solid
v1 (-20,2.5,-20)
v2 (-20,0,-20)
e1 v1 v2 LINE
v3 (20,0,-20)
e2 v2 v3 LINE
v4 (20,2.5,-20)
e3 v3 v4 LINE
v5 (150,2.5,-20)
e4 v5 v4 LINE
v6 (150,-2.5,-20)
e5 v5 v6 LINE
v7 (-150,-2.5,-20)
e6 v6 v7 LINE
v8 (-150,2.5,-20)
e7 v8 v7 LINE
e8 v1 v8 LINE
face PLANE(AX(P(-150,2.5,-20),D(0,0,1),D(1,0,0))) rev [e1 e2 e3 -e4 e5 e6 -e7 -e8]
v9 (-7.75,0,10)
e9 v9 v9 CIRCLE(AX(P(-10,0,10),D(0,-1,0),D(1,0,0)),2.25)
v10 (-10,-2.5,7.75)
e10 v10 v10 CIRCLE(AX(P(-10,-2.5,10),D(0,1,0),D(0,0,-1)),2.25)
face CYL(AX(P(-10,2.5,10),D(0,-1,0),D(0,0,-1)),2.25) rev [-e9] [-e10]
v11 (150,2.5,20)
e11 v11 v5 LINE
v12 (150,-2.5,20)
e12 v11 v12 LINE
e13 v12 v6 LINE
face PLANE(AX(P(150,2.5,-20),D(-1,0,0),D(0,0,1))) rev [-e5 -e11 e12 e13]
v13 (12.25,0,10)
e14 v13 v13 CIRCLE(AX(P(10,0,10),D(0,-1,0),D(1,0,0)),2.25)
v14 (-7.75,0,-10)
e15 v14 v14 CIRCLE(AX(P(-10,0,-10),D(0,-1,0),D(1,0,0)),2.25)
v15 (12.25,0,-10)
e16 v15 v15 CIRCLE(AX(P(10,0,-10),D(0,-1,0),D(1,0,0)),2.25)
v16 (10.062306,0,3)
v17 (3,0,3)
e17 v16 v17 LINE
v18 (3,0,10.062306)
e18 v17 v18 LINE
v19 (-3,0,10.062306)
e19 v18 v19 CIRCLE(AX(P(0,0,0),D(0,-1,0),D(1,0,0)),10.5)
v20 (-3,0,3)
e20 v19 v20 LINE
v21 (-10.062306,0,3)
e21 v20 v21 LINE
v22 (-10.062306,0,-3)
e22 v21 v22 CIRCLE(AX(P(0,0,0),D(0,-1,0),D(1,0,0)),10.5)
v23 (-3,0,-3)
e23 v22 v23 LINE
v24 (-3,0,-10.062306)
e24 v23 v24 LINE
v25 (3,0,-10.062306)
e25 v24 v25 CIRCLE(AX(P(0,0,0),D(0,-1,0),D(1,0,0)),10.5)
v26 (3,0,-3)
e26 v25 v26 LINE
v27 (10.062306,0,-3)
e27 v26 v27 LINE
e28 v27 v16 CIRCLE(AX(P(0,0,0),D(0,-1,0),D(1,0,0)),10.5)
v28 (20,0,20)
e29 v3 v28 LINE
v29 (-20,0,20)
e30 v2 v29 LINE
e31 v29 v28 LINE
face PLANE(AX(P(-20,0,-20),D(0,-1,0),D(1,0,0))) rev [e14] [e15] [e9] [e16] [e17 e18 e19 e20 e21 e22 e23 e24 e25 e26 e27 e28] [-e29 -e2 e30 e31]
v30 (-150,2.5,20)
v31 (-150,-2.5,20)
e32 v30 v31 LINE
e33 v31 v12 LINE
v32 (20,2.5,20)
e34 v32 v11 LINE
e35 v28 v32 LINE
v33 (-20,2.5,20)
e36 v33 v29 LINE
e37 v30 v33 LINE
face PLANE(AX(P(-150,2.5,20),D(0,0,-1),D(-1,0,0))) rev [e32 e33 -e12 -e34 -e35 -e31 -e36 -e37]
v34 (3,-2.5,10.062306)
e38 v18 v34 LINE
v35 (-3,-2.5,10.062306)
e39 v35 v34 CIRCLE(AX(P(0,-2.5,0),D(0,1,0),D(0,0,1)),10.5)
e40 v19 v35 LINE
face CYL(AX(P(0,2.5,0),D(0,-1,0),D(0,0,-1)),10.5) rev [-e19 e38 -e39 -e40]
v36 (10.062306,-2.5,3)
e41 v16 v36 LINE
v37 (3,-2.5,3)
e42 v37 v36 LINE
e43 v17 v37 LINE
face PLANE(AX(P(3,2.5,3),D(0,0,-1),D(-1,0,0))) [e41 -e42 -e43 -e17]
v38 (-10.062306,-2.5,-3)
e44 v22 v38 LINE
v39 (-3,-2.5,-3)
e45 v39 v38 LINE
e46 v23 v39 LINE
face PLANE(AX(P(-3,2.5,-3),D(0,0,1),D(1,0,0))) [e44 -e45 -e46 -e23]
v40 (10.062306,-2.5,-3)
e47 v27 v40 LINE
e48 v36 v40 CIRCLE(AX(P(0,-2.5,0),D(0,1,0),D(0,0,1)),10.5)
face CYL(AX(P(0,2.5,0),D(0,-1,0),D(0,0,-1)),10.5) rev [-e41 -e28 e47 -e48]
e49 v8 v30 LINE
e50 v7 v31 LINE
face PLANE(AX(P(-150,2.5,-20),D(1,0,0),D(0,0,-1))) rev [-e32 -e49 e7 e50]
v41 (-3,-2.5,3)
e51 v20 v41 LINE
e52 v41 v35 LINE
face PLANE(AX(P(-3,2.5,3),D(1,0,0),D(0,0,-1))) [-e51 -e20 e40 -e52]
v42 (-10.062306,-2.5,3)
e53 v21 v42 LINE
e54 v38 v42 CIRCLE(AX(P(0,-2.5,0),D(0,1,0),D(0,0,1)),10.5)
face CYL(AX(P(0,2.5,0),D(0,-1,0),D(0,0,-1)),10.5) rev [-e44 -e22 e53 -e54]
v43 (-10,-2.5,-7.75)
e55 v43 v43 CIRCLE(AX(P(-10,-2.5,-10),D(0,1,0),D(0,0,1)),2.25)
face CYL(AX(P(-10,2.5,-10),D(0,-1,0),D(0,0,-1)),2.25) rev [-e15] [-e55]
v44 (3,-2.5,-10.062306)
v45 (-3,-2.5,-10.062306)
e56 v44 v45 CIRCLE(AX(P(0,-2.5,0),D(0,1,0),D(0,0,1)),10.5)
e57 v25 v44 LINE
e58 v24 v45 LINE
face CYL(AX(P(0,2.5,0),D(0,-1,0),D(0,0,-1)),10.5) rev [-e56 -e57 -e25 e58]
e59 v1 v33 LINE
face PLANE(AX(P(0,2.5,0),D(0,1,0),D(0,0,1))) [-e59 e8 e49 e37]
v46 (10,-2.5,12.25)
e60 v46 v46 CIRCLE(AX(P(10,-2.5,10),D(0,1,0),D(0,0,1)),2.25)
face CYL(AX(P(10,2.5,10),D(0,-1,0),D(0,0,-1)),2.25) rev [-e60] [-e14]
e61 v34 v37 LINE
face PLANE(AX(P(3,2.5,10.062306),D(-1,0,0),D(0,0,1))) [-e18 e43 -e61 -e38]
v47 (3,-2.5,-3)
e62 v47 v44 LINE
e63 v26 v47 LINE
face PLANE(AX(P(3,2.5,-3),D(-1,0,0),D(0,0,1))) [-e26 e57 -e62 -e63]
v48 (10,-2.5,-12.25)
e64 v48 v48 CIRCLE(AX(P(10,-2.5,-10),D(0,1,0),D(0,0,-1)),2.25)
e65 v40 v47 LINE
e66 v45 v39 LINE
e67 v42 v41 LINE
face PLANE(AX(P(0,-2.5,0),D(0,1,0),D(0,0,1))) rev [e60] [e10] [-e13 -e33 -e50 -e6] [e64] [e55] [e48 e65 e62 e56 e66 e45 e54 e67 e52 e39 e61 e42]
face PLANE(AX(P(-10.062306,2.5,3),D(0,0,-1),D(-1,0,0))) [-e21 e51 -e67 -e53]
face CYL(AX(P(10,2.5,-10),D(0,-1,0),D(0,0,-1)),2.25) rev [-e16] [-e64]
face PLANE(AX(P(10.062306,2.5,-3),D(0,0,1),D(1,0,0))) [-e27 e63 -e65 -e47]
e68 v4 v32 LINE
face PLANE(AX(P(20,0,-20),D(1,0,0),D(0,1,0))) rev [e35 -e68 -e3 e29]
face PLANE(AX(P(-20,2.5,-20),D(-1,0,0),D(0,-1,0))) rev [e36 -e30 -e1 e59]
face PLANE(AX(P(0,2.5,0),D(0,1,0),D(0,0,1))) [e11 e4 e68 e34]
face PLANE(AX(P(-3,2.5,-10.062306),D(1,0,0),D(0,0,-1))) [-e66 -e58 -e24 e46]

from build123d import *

# Parameters (mm, degrees)
SKETCH1_W           = 300
SKETCH1_H           = 40
SKETCH1_R           = 2.25
BOSS_EXTRUDE1_DEPTH = 2.5
SKETCH2_W           = 40
SKETCH2_H           = 2.5
CUT_EXTRUDE1_DEPTH  = 156.261875552


with BuildPart() as part:
    # Sketch1 → Boss-Extrude1 (new, symmetric)
    with BuildSketch(Plane(origin=(0, 0, 0), x_dir=(1, 0, 0), z_dir=(0, 1, 0))):
        Rectangle(SKETCH1_W, SKETCH1_H)
        with Locations(Location((10, -10, 0), (0, 0, 270))):
            Circle(SKETCH1_R, mode=Mode.SUBTRACT)
        with Locations(Location((10, 10, 0), (0, 0, 90))):
            Circle(SKETCH1_R, mode=Mode.SUBTRACT)
        with Locations(Location((-10, -10, 0), (0, 0, 90))):
            Circle(SKETCH1_R, mode=Mode.SUBTRACT)
        with Locations(Location((-10, 10, 0), (0, 0, 270))):
            Circle(SKETCH1_R, mode=Mode.SUBTRACT)
        with BuildLine():
            Line((-3, -3), (-3, -10.062305899))
            ThreePointArc((-3, -10.062305899), (0, -10.5), (3, -10.062305899))
            Line((3, -10.062305899), (3, -3))
            Line((3, -3), (10.062305899, -3))
            ThreePointArc((10.062305899, -3), (10.5, 0), (10.062305899, 3))
            Line((10.062305899, 3), (3, 3))
            Line((3, 3), (3, 10.062305899))
            ThreePointArc((3, 10.062305899), (0, 10.5), (-3, 10.062305899))
            Line((-3, 10.062305899), (-3, 3))
            Line((-3, 3), (-10.062305899, 3))
            ThreePointArc((-10.062305899, 3), (-10.5, 0), (-10.062305899, -3))
            Line((-10.062305899, -3), (-3, -3))
        make_face(mode=Mode.SUBTRACT)
    extrude(amount=BOSS_EXTRUDE1_DEPTH, both=True)

    # Sketch2 → Cut-Extrude1 (cut, through all)
    with BuildSketch(Plane.XY.offset(20)):
        with Locations((0, 1.25)):
            Rectangle(SKETCH2_W, SKETCH2_H)
    extrude(amount=-CUT_EXTRUDE1_DEPTH, mode=Mode.SUBTRACT)


solid = part.part
